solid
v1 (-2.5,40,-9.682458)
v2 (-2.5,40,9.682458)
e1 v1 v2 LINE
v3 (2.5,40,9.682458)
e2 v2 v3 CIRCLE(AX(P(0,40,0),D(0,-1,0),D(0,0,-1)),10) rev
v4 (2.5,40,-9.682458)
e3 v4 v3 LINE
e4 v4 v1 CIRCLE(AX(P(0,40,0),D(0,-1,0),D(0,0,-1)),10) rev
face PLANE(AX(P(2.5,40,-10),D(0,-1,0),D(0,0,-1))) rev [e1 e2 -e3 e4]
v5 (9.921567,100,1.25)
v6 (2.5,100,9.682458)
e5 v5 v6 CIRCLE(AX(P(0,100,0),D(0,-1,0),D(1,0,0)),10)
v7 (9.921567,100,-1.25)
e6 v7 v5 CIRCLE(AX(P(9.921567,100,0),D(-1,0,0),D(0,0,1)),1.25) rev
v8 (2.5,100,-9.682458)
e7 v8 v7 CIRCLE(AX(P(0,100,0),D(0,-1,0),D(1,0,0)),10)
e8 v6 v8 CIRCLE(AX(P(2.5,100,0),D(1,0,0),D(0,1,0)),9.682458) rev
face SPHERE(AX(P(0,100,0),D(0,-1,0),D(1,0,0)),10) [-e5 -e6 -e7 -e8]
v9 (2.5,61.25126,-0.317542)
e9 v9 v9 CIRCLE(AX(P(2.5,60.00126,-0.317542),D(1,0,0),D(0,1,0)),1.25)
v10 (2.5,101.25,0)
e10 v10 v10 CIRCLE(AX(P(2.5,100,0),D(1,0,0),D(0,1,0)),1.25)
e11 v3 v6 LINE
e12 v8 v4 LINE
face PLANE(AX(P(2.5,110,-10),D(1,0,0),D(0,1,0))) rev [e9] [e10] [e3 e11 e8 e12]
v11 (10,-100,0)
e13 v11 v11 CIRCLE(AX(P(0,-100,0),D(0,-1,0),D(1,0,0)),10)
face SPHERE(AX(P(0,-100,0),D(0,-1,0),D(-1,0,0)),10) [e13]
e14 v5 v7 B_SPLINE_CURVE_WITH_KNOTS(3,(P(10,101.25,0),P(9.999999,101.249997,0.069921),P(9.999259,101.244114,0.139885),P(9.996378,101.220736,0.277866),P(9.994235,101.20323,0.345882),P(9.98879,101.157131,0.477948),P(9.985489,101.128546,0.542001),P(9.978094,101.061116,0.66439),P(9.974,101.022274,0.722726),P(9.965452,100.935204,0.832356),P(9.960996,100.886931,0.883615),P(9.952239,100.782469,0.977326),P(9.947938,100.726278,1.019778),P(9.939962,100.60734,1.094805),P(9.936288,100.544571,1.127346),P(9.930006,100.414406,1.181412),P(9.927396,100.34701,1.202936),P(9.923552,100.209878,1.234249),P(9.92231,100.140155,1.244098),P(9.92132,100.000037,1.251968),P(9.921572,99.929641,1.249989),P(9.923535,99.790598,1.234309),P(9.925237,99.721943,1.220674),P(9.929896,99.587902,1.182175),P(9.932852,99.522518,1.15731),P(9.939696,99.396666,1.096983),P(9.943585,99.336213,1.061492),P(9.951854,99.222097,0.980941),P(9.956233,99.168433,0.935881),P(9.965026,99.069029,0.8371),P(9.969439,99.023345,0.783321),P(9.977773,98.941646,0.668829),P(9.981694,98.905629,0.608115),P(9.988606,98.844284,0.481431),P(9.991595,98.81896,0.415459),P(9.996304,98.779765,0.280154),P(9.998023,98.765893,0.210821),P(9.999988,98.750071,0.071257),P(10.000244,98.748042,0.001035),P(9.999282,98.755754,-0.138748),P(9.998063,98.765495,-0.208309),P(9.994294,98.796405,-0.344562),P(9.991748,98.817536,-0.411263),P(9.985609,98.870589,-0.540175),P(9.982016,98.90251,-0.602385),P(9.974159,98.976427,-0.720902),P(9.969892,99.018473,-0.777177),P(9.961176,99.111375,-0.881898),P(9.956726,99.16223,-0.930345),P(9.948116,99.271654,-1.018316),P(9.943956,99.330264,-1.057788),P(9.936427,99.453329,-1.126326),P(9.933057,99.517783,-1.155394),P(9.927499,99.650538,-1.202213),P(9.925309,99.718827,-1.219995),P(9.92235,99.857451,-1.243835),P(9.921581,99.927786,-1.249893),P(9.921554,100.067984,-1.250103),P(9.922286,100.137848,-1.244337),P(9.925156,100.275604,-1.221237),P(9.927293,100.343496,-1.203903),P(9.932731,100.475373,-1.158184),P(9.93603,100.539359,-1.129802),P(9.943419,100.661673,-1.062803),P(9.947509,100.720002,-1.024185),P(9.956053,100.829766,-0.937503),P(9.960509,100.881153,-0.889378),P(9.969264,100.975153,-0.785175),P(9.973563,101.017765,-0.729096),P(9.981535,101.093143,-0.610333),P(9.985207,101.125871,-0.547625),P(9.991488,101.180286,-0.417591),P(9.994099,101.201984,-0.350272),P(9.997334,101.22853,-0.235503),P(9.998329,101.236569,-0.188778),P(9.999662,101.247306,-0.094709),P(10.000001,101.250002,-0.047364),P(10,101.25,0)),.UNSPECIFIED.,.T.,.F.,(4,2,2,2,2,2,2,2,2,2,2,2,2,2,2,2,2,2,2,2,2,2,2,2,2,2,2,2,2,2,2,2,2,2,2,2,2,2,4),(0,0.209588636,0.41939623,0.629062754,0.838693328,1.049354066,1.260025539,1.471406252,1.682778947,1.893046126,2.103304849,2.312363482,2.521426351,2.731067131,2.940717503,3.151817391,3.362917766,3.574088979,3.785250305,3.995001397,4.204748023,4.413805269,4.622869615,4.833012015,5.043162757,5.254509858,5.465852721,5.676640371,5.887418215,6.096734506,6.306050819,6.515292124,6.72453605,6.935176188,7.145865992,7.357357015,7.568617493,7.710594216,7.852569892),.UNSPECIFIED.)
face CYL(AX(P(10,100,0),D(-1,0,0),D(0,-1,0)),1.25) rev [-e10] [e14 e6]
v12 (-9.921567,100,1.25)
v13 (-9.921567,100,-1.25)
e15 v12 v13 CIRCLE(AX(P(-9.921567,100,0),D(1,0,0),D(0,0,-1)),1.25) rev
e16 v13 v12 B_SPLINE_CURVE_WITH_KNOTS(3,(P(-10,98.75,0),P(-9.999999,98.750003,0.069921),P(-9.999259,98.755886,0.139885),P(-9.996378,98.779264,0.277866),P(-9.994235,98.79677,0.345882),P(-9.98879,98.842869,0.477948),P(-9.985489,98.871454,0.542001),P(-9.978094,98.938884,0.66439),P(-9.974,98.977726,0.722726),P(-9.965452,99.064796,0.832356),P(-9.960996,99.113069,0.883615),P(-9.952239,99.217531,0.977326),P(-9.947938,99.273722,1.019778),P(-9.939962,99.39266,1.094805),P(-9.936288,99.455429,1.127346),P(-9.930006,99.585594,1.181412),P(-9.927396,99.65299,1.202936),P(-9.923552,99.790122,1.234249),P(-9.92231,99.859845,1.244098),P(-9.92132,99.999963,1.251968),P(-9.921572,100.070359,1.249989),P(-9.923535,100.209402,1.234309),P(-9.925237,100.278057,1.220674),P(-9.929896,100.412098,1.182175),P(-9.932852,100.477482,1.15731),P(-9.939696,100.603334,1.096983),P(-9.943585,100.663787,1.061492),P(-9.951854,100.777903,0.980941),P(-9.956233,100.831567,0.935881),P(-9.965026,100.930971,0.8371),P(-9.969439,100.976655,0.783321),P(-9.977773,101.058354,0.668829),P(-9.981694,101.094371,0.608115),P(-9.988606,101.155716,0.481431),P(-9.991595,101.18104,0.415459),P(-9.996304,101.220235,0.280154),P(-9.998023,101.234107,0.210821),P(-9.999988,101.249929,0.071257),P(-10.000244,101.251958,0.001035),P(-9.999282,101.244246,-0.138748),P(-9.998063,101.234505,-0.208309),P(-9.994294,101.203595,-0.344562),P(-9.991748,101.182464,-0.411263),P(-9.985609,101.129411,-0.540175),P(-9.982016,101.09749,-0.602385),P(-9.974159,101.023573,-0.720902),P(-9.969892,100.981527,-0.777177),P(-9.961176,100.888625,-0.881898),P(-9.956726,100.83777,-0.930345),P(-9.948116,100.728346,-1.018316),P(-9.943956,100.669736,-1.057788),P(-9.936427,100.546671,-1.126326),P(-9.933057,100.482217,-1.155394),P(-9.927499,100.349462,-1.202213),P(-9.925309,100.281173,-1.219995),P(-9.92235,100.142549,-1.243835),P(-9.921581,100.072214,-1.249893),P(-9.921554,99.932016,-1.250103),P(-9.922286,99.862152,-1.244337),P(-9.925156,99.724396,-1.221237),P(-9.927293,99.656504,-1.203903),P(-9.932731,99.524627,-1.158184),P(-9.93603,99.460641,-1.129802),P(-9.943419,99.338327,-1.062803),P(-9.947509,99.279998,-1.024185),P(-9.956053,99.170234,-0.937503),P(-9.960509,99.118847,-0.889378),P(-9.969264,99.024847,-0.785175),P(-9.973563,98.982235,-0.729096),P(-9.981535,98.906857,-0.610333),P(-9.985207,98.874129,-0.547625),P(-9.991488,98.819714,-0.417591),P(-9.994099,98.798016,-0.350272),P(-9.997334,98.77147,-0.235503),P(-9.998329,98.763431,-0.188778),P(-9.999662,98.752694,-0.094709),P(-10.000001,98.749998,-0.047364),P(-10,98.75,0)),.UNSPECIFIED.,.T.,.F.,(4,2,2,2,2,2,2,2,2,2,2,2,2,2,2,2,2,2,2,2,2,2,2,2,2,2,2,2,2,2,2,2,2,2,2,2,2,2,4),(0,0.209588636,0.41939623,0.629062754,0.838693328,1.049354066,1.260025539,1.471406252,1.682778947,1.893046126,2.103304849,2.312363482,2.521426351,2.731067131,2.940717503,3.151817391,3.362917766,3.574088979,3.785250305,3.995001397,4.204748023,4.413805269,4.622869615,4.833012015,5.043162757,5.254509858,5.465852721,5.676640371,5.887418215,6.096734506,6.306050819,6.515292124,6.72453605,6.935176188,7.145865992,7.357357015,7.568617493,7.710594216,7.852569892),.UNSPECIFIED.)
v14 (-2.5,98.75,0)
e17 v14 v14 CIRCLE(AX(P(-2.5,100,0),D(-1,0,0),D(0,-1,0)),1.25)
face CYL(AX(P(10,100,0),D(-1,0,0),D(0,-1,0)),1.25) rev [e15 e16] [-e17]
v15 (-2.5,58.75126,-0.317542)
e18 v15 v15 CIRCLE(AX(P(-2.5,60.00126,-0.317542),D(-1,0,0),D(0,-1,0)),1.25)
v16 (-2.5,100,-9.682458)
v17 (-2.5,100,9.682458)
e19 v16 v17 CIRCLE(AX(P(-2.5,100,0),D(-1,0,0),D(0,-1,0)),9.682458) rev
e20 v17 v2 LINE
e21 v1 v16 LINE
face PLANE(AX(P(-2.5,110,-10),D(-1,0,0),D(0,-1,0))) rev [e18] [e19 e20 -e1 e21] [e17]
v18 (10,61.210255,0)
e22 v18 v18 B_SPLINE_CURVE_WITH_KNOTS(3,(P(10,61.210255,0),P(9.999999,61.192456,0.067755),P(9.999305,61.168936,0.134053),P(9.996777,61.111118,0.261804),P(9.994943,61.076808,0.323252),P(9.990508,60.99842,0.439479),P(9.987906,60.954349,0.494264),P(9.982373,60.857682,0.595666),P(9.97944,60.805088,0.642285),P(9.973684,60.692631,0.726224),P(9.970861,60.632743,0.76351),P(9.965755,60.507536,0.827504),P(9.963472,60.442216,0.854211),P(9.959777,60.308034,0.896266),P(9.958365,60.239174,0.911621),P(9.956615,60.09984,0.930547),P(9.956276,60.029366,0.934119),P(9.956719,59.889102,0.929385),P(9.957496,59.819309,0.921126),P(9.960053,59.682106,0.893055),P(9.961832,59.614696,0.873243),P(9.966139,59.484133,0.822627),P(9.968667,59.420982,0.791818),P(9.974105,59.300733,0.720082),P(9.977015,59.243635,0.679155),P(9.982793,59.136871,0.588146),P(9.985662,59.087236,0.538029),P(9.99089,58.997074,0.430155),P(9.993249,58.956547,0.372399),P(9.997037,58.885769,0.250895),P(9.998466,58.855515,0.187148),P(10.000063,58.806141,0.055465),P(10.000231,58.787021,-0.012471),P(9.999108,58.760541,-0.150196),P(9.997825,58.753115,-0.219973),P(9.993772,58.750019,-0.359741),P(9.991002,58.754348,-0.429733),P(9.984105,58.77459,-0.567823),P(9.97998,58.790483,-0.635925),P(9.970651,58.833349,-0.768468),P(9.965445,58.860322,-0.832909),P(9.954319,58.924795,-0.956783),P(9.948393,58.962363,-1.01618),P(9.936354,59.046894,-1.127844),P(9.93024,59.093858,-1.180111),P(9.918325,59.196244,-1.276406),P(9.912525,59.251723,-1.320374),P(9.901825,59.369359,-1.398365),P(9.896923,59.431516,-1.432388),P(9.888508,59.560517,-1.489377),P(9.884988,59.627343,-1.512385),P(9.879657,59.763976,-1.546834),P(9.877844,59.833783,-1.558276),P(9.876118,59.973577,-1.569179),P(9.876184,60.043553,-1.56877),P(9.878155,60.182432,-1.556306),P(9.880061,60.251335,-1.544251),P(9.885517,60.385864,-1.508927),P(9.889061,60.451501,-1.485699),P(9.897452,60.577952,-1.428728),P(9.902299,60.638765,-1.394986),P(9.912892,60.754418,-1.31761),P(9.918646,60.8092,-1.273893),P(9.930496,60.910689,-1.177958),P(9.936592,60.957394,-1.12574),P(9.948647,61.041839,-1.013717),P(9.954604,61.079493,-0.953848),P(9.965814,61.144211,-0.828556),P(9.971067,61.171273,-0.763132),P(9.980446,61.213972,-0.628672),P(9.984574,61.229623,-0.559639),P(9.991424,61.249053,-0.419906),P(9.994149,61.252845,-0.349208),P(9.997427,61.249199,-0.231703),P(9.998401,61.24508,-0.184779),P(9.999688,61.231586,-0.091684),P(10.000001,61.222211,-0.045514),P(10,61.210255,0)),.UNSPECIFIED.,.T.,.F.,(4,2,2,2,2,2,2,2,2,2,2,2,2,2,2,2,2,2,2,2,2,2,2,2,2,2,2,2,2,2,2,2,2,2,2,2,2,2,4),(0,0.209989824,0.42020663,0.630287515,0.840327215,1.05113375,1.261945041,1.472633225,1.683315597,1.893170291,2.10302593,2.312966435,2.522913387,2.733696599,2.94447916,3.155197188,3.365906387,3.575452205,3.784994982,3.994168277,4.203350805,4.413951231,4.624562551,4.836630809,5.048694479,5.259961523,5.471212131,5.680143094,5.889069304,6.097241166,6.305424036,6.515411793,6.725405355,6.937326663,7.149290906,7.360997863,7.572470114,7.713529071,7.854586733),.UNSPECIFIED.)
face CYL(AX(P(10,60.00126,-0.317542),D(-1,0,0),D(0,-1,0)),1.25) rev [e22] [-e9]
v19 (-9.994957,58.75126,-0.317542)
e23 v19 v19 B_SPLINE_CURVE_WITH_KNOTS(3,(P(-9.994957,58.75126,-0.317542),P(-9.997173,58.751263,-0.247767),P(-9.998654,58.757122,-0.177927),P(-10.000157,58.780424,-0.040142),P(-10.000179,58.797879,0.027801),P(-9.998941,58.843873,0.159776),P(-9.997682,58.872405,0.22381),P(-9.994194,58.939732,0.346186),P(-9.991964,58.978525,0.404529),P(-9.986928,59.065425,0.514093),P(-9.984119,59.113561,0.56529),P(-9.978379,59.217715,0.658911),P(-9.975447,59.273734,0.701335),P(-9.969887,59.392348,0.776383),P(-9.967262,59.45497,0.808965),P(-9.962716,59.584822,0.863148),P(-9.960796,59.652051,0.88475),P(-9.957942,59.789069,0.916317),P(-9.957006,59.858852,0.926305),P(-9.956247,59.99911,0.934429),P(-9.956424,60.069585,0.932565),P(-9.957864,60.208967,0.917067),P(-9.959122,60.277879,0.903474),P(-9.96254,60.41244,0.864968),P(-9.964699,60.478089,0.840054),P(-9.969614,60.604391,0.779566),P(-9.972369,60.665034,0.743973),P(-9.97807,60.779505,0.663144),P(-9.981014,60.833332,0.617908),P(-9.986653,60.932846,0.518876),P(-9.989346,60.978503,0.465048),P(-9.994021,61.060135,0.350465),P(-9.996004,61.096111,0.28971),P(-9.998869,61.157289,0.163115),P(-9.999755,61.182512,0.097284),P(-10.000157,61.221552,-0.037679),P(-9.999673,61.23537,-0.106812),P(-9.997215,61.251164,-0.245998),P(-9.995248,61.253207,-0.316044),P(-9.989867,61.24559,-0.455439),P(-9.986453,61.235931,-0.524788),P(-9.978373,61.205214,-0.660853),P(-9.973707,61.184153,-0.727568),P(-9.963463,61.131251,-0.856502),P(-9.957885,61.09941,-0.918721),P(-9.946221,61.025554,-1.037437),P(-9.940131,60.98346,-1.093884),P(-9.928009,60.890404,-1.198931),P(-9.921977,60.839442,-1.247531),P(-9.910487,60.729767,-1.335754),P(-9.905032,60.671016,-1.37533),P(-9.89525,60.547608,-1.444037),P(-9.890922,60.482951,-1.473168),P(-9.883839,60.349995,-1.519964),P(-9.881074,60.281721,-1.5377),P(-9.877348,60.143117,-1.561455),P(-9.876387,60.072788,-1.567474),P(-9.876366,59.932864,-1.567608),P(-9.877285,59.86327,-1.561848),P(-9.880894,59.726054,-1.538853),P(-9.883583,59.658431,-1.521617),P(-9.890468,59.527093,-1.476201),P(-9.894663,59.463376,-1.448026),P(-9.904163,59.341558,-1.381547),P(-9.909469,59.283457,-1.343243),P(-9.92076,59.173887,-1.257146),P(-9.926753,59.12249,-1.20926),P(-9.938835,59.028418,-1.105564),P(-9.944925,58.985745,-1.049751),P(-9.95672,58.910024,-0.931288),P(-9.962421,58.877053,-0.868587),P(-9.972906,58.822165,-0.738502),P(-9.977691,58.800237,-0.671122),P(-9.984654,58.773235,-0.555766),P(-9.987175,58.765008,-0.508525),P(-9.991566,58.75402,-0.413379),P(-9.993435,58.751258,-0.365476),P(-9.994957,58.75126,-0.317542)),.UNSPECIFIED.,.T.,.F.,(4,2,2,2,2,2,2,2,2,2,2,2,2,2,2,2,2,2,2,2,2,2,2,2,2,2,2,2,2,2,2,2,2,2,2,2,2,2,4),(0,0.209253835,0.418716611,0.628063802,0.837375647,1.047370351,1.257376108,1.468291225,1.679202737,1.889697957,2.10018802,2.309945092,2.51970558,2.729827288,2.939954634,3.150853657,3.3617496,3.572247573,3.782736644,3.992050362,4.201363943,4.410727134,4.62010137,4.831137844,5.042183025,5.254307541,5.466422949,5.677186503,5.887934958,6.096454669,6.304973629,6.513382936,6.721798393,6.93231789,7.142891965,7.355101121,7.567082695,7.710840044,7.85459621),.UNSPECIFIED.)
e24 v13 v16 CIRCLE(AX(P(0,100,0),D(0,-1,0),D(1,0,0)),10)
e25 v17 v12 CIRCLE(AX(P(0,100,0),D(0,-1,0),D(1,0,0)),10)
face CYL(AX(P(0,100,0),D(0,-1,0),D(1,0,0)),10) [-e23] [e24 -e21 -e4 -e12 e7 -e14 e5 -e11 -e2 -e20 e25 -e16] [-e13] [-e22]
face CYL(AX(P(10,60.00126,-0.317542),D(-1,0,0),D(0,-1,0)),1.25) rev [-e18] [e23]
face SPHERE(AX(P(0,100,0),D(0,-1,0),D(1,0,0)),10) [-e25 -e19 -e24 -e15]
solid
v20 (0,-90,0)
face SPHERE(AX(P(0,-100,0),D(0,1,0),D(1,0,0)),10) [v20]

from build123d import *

# Parameters (mm, degrees)
CUT_EXTRUDE2_DEPTH      = 111.905365064
CUT_EXTRUDE2_DEPTH_BACK = 111.905365064
SKETCH3_W               = 5
SKETCH3_H               = 70
CUT_EXTRUDE3_DEPTH      = 112.158670377
CUT_EXTRUDE3_DEPTH_BACK = 112.158670377
SKETCH4_R               = 1.25


with BuildPart() as part:
    # Sketch1 → Revolve2 (revolve)
    with BuildSketch(Plane.XY):
        with BuildLine():
            Line((0, 100), (0, 110))
            ThreePointArc((0, 110), (7.071067812, 107.071067812), (10, 100))
            Line((10, 100), (10, -100))
            ThreePointArc((10, -100), (7.071067812, -107.071067812), (0, -110))
            Line((0, -110), (0, -100))
            Line((0, -100), (0, 100))
        make_face()
    revolve(axis=Axis((0, 100, 0), (0, 1, 0)))

    # Sketch3 → Cut-Extrude2 (cut, two sides: drawn at the far end of the back side and taken through both)
    with BuildSketch(Plane.XY.offset(-CUT_EXTRUDE2_DEPTH_BACK)):
        with Locations((0, 75)):
            Rectangle(SKETCH3_W, SKETCH3_H)
    extrude(amount=CUT_EXTRUDE2_DEPTH + CUT_EXTRUDE2_DEPTH_BACK, mode=Mode.SUBTRACT)

    # Sketch4 → Cut-Extrude3 (cut, two sides: drawn at the far end of the back side and taken through both)
    with BuildSketch(Plane.ZY.offset(-2.5).offset(-CUT_EXTRUDE3_DEPTH_BACK)):
        with Locations((0, 100)):
            Circle(SKETCH4_R)
        with Locations((-0.317541634, 60.001260428)):
            Circle(SKETCH4_R)
    extrude(amount=CUT_EXTRUDE3_DEPTH + CUT_EXTRUDE3_DEPTH_BACK, mode=Mode.SUBTRACT)


with BuildPart() as body_2:
    # Sketch6 → Revolve4 (revolve)
    with BuildSketch(Plane.XY):
        with BuildLine():
            Line((0, -90), (0, -110))
            ThreePointArc((0, -110), (10, -100), (0, -90))
        make_face()
    revolve(axis=Axis((0, -90, 0), (0, -1, 0)))


solid = Compound([part.part, body_2.part])
